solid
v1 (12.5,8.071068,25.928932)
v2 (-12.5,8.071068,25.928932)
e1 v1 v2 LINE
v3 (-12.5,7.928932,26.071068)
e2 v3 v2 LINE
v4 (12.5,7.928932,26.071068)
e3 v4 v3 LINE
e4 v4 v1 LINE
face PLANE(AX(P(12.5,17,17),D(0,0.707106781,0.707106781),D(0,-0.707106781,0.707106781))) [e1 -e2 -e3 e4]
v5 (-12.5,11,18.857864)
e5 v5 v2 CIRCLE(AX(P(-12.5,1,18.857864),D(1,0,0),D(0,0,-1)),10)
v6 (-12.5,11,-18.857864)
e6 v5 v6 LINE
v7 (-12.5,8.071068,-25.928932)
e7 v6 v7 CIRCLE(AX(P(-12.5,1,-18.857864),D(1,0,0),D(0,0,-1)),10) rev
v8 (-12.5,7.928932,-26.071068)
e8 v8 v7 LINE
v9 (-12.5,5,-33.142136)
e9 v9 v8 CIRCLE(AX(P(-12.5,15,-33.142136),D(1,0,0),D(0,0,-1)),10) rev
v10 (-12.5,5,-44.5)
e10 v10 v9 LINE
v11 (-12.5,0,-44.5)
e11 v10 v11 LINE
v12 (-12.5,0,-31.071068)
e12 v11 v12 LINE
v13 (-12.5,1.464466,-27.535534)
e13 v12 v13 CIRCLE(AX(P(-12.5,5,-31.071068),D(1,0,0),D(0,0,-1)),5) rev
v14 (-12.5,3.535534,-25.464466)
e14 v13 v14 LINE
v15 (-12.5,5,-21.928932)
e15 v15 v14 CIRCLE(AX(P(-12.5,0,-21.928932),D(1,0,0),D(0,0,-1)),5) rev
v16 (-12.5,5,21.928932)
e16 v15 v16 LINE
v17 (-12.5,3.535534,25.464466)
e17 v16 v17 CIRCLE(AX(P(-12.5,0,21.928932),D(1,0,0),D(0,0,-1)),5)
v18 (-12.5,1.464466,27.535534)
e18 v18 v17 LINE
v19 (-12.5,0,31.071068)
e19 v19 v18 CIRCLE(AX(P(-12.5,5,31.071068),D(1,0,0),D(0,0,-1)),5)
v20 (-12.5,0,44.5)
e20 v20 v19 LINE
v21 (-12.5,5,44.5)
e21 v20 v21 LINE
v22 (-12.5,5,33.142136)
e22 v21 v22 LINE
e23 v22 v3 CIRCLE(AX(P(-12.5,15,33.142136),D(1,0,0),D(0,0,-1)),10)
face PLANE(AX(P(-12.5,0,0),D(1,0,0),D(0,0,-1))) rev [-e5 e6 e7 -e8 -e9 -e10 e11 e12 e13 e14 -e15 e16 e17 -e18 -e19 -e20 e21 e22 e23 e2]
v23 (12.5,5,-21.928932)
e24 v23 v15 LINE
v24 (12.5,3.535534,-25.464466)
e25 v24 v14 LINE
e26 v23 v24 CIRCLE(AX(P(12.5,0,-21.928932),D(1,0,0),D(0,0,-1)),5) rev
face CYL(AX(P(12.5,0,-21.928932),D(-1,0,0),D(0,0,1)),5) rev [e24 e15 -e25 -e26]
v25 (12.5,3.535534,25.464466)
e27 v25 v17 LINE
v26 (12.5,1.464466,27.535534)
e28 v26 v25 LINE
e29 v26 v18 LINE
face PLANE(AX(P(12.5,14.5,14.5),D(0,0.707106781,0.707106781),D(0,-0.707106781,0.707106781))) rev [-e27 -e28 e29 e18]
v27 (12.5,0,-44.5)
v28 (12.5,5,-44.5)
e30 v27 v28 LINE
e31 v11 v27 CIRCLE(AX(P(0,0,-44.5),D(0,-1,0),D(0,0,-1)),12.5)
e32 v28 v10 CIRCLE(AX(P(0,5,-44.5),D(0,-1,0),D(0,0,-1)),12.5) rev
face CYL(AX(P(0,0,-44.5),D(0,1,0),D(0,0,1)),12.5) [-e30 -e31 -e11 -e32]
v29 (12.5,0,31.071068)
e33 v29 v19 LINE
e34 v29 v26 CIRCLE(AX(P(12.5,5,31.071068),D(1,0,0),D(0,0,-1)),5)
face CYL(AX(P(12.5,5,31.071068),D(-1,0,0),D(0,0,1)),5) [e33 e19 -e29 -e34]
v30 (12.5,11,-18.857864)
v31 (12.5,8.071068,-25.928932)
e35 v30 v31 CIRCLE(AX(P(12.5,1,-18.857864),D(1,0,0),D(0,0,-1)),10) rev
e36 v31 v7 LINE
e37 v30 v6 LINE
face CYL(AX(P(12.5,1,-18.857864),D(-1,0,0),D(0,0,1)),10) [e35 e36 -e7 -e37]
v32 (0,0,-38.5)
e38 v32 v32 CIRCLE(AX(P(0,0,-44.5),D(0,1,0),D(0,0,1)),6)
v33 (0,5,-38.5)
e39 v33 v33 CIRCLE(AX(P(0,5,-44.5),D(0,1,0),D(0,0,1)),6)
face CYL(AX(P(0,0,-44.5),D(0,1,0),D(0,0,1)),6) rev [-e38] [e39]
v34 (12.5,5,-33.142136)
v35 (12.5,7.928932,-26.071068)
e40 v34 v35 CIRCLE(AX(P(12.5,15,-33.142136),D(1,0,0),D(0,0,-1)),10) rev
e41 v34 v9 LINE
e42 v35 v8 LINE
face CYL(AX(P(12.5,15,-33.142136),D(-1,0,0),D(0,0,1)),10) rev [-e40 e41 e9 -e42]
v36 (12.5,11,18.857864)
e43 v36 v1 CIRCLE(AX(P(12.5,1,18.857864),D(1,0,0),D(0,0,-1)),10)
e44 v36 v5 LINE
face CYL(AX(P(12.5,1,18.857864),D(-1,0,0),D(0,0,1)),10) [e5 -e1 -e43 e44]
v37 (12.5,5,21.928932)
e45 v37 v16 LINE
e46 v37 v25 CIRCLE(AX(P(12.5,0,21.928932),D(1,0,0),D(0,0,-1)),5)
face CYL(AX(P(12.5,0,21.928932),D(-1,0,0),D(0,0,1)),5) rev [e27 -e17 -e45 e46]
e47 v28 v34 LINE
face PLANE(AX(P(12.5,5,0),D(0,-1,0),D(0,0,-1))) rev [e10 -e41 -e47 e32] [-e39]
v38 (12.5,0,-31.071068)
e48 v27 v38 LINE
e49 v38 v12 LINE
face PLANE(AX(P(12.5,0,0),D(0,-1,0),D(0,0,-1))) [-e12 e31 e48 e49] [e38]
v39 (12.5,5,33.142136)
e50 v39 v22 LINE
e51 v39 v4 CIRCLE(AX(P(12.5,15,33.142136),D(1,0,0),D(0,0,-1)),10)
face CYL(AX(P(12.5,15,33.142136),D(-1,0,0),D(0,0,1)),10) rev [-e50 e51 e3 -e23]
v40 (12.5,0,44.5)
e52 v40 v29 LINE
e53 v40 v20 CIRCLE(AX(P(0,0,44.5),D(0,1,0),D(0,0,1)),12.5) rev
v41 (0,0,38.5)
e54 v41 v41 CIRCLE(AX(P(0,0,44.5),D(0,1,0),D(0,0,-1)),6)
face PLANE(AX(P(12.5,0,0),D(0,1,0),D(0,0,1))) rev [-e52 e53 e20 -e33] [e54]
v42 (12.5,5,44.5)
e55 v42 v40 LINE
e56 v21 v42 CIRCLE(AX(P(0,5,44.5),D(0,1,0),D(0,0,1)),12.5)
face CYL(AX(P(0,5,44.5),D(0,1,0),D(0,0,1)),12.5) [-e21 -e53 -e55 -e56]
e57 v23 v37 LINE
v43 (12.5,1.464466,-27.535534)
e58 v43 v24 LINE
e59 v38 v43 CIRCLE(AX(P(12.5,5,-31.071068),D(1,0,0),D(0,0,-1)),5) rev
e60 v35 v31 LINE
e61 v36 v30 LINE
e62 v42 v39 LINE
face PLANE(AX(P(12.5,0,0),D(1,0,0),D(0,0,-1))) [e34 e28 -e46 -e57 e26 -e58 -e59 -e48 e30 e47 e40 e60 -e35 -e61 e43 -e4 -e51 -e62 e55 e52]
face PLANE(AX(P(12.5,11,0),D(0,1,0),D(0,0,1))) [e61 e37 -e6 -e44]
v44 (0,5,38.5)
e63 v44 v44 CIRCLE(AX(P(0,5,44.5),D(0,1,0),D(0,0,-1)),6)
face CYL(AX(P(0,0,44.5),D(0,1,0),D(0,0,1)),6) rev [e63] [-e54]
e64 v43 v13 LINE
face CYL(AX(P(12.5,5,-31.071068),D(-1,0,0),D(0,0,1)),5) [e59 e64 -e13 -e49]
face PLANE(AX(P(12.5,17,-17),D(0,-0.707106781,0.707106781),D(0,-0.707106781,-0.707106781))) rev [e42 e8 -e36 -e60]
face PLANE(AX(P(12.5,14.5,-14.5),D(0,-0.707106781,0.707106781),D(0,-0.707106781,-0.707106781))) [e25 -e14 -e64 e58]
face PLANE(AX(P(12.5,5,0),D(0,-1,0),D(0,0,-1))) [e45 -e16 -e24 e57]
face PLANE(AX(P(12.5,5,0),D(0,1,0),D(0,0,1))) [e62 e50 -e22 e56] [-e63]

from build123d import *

# Parameters (mm, degrees)
BOSS_EXTRUDE2_DEPTH = 12.5
SKETCH2_R           = 6
CUT_EXTRUDE1_DEPTH  = 59.662168388
FILLET1_RADIUS      = 12.5
FILLET1_LENGTH      = 5
FILLET2_RADIUS      = 12.5
FILLET2_LENGTH      = 5


with BuildPart() as part:
    # Sketch1 → Boss-Extrude2 (new, symmetric)
    with BuildSketch(Plane(origin=(0, 0, 0), x_dir=(0, 0, -1), z_dir=(1, 0, 0))):
        with BuildLine():
            Line((0, 5), (0, 11))
            Line((0, 11), (-18.857864376, 11))
            ThreePointArc((-18.857864376, 11), (-22.6846987, 10.238795325), (-25.928932188, 8.071067812))
            Line((-25.928932188, 8.071067812), (-26.071067812, 7.928932188))
            ThreePointArc((-26.071067812, 7.928932188), (-29.3153013, 5.761204675), (-33.142135624, 5))
            Line((-33.142135624, 5), (-57, 5))
            Line((-57, 5), (-57, 0))
            Line((-57, 0), (-31.071067812, 0))
            ThreePointArc((-31.071067812, 0), (-29.15765065, 0.380602337), (-27.535533906, 1.464466094))
            Line((-27.535533906, 1.464466094), (-25.464466094, 3.535533906))
            ThreePointArc((-25.464466094, 3.535533906), (-23.84234935, 4.619397663), (-21.928932188, 5))
            Line((-21.928932188, 5), (0, 5))
        make_face()
        with BuildLine():
            Line((18.857864376, 11), (0, 11))
            Line((0, 11), (0, 5))
            Line((0, 5), (21.928932188, 5))
            ThreePointArc((21.928932188, 5), (23.84234935, 4.619397663), (25.464466094, 3.535533906))
            Line((25.464466094, 3.535533906), (27.535533906, 1.464466094))
            ThreePointArc((27.535533906, 1.464466094), (29.15765065, 0.380602337), (31.071067812, 0))
            Line((31.071067812, 0), (57, 0))
            Line((57, 0), (57, 5))
            Line((57, 5), (33.142135624, 5))
            ThreePointArc((33.142135624, 5), (29.3153013, 5.761204675), (26.071067812, 7.928932188))
            Line((26.071067812, 7.928932188), (25.928932188, 8.071067812))
            ThreePointArc((25.928932188, 8.071067812), (22.6846987, 10.238795325), (18.857864376, 11))
        make_face()
    extrude(amount=BOSS_EXTRUDE2_DEPTH, both=True)

    # Sketch2 → Cut-Extrude1 (cut, through all)
    with BuildSketch(Plane(origin=(0, 5, 0), x_dir=(1, 0, 0), z_dir=(0, 1, 0))):
        with Locations(Location((0, 44.5, 0), (0, 0, 270))):
            Circle(SKETCH2_R)
        with Locations(Location((0, -44.5, 0), (0, 0, 90))):
            Circle(SKETCH2_R)
    extrude(amount=-CUT_EXTRUDE1_DEPTH, mode=Mode.SUBTRACT)

    # Fillet1: full round fillet: the end face becomes a half cylinder, R = half its width
    fillet1_face = Plane((0, 2.5, -57), x_dir=(0, 1, 0), z_dir=(0, 0, -1))  # on the end face: x along it, z out of the body
    fillet1_slab = fillet1_face.offset(-FILLET1_RADIUS / 2) * Box(FILLET1_LENGTH, 2 * FILLET1_RADIUS, FILLET1_RADIUS, mode=Mode.PRIVATE)  # the body's end, R deep
    fillet1_round = Plane((0, 2.5, -44.5), x_dir=(0, 0, -1), z_dir=(0, 1, 0)) * Cylinder(FILLET1_RADIUS, FILLET1_LENGTH, mode=Mode.PRIVATE)  # its axis R under the face
    add(fillet1_slab - fillet1_round, mode=Mode.SUBTRACT)

    # Fillet2: full round fillet: the end face becomes a half cylinder, R = half its width
    fillet2_face = Plane((0, 2.5, 57), x_dir=(0, -1, 0), z_dir=(0, 0, 1))  # on the end face: x along it, z out of the body
    fillet2_slab = fillet2_face.offset(-FILLET2_RADIUS / 2) * Box(FILLET2_LENGTH, 2 * FILLET2_RADIUS, FILLET2_RADIUS, mode=Mode.PRIVATE)  # the body's end, R deep
    fillet2_round = Plane((0, 2.5, 44.5), x_dir=(0, 0, 1), z_dir=(0, -1, 0)) * Cylinder(FILLET2_RADIUS, FILLET2_LENGTH, mode=Mode.PRIVATE)  # its axis R under the face
    add(fillet2_slab - fillet2_round, mode=Mode.SUBTRACT)


solid = part.part
